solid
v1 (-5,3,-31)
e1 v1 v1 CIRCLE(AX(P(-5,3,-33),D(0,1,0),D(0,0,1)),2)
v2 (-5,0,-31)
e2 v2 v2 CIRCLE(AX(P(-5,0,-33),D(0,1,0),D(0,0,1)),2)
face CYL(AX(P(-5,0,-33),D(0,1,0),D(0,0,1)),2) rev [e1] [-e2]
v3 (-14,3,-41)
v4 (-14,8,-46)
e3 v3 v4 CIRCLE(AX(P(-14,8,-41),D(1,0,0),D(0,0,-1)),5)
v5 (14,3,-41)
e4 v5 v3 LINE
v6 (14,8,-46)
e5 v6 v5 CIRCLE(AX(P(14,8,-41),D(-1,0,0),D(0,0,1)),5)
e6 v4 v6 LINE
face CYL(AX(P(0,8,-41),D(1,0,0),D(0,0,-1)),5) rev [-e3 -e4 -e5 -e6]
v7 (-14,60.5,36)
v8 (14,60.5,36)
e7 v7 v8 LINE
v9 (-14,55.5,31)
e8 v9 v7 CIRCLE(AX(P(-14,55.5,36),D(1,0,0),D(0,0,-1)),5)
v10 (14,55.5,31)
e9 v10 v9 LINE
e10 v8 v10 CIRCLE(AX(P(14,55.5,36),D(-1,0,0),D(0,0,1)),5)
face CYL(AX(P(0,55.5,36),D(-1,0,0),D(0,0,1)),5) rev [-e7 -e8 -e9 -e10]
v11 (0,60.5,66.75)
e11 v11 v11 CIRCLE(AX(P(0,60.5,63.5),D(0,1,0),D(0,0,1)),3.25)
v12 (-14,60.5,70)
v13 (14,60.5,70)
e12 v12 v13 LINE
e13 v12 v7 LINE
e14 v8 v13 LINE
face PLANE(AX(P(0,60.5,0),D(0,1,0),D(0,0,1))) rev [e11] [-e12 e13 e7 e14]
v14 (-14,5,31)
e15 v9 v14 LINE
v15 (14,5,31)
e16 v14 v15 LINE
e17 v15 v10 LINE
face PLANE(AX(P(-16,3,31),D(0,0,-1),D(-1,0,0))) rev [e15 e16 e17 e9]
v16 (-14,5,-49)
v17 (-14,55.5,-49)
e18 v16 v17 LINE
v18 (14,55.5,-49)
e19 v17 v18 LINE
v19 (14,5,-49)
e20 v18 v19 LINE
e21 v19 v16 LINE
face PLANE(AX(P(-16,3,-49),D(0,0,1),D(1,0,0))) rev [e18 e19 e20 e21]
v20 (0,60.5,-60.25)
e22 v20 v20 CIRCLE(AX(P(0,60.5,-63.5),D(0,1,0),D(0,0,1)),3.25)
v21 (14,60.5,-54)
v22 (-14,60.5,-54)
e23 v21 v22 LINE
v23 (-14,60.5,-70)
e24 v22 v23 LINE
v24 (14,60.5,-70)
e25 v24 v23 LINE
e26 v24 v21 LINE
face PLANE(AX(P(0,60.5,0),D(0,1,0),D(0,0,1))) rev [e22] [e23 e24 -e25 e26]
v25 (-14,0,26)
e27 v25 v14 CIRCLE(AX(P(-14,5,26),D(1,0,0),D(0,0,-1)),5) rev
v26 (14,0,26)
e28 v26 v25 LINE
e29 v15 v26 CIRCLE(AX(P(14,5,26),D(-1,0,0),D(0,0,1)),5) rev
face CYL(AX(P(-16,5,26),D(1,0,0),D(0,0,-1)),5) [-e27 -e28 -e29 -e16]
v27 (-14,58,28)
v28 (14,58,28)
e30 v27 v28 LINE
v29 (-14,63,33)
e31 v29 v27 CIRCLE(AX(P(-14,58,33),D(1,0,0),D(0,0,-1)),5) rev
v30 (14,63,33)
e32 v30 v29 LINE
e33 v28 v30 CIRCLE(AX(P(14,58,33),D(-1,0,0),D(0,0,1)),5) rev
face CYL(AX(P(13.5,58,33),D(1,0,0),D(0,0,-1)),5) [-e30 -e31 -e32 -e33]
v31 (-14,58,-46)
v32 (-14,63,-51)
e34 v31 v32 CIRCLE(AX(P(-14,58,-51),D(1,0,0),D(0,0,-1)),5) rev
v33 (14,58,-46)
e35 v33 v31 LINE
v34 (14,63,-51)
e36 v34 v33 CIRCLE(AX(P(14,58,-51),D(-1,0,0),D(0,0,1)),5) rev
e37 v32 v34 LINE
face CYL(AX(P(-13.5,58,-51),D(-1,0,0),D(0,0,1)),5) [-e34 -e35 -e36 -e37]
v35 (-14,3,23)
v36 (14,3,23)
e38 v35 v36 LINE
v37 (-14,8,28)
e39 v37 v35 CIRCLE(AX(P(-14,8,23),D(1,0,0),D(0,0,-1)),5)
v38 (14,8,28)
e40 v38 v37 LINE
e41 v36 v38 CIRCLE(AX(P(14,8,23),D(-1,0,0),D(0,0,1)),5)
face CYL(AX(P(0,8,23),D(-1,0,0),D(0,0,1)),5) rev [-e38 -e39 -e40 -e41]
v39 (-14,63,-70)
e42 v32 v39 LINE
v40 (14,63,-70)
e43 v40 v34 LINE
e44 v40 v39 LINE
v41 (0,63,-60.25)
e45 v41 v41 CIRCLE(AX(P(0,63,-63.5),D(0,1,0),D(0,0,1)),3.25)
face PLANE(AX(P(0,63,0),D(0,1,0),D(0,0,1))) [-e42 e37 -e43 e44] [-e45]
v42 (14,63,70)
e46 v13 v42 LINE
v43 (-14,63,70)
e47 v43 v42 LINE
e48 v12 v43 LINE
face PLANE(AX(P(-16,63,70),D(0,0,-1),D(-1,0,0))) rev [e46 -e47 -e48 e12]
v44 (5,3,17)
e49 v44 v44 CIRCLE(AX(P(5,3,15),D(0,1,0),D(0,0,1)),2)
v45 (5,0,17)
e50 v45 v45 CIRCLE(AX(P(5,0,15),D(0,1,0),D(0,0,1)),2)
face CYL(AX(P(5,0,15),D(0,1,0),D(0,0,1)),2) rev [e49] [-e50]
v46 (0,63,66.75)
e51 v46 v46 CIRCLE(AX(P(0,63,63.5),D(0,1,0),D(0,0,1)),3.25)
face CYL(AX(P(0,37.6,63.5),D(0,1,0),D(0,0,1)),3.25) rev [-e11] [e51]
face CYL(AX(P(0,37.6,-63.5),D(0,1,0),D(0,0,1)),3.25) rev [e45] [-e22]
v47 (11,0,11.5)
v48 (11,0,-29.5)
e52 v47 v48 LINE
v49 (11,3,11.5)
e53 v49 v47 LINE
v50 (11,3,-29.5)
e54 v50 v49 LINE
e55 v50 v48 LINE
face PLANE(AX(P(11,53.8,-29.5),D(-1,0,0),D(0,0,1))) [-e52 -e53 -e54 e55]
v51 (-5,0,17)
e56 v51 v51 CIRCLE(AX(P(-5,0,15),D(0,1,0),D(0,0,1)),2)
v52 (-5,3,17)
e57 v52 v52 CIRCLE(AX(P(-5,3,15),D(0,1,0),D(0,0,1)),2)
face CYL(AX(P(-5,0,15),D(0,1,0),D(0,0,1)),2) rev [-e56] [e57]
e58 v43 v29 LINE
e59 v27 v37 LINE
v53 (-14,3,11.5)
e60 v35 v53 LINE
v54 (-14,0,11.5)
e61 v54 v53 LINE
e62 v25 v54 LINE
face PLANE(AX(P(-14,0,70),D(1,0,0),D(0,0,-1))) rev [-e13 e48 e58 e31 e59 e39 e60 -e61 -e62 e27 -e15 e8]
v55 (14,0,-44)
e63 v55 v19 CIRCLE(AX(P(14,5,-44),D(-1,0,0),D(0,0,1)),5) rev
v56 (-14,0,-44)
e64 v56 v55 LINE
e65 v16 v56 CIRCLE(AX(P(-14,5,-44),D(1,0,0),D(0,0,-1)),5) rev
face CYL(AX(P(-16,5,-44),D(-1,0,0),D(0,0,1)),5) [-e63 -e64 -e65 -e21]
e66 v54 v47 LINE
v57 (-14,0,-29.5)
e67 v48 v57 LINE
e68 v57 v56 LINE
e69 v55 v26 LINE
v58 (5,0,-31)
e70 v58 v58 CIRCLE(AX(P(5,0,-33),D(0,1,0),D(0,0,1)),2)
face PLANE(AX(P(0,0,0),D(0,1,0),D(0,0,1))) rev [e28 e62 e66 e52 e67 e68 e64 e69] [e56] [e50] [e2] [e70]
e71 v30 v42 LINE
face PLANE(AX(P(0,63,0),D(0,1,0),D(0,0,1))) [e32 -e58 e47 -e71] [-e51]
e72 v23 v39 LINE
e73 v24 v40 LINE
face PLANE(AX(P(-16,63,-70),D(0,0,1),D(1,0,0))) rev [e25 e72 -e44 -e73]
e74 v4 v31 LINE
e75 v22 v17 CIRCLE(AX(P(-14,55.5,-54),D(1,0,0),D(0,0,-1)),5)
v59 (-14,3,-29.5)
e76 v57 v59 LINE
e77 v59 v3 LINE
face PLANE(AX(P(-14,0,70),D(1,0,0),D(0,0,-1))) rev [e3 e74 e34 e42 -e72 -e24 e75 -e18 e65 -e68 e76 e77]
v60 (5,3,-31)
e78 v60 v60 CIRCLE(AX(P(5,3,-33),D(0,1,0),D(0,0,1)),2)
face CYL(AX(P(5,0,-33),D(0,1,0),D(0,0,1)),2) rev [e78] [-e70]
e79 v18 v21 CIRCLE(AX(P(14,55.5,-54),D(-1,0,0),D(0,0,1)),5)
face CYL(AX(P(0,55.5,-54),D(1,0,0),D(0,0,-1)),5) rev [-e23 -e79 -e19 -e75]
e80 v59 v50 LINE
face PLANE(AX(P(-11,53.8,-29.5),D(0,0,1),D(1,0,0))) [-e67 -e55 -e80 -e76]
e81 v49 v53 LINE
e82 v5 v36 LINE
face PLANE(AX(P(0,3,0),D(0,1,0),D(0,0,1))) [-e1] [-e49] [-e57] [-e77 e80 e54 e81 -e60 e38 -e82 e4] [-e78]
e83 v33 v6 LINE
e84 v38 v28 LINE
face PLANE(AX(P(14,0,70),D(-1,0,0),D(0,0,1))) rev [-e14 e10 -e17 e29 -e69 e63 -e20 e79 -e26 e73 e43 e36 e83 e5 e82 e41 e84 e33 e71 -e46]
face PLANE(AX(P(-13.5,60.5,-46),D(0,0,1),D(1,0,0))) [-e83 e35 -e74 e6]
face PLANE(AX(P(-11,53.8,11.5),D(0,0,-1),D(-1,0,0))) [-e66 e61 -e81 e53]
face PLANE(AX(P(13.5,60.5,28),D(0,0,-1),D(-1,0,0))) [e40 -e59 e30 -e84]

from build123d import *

# Parameters (mm, degrees)
SKETCH1_W               = 32
SKETCH1_H               = 80
BOSS_EXTRUDE1_DEPTH     = 3
SKETCH4_W               = 32
SKETCH4_H               = 80
SKETCH4_W_2             = 27
SKETCH4_H_2             = 74
BOSS_EXTRUDE2_DEPTH     = 57.5
SKETCH5_W               = 32
SKETCH5_H               = 140
BOSS_EXTRUDE3_DEPTH     = 2.5
CUT_EXTRUDE1_DEPTH      = 50.8
CUT_EXTRUDE1_DEPTH_BACK = 94.573500522
SKETCH2_W               = 22
SKETCH2_H               = 41
SKETCH6_R               = 3.25
SKETCH6_W               = 22
SKETCH6_H               = 74
CUT_EXTRUDE2_DEPTH      = 25.4
CUT_EXTRUDE3_DEPTH      = 100.463561167
CUT_EXTRUDE3_DEPTH_BACK = 100.463561167
SKETCH8_W               = 74
SKETCH8_H               = 60
SKETCH7_R               = 2
CUT_EXTRUDE4_DEPTH      = 94.573500522
SKETCH10_W              = 2
SKETCH10_H              = 140
CUT_EXTRUDE5_DEPTH      = 96.524865873
FILLET1_R               = 5
SKETCH13_W              = 3
SKETCH13_H              = 41
CUT_EXTRUDE7_DEPTH      = 94.252345815


with BuildPart() as part:
    # Sketch1 → Boss-Extrude1 (new body)
    with BuildSketch(Plane(origin=(0, 0, 0), x_dir=(1, 0, 0), z_dir=(0, 1, 0))):
        with Locations((0, 9)):
            Rectangle(SKETCH1_W, SKETCH1_H)
    extrude(amount=BOSS_EXTRUDE1_DEPTH)

    # Sketch4 → Boss-Extrude2 (add)
    with BuildSketch(Plane(origin=(0, 3, 0), x_dir=(1, 0, 0), z_dir=(0, 1, 0))):
        with Locations((0, 9)):
            Rectangle(SKETCH4_W, SKETCH4_H)
        with Locations((0, 9)):
            Rectangle(SKETCH4_W_2, SKETCH4_H_2, mode=Mode.SUBTRACT)
    extrude(amount=BOSS_EXTRUDE2_DEPTH)

    # Sketch5 → Boss-Extrude3 (add)
    with BuildSketch(Plane(origin=(0, 60.5, 0), x_dir=(1, 0, 0), z_dir=(0, 1, 0))):
        Rectangle(SKETCH5_W, SKETCH5_H)
    extrude(amount=BOSS_EXTRUDE3_DEPTH)

    # Sketch2 → Cut-Extrude1 (cut, two sides: drawn at the far end of the back side and taken through both)
    with BuildSketch(Plane(origin=(0, 3, 0), x_dir=(1, 0, 0), z_dir=(0, 1, 0)).offset(-CUT_EXTRUDE1_DEPTH_BACK)):
        with Locations((0, 9)):
            Rectangle(SKETCH2_W, SKETCH2_H)
    extrude(amount=CUT_EXTRUDE1_DEPTH + CUT_EXTRUDE1_DEPTH_BACK, mode=Mode.SUBTRACT)

    # Sketch6 → Cut-Extrude2 (cut)
    with BuildSketch(Plane(origin=(0, 63, 0), x_dir=(1, 0, 0), z_dir=(0, 1, 0))):
        with Locations(Location((0, 63.5, 0), (0, 0, 270))):
            Circle(SKETCH6_R)
        with Locations(Location((0, -63.5, 0), (0, 0, 270))):
            Circle(SKETCH6_R)
        with Locations((0, 9)):
            Rectangle(SKETCH6_W, SKETCH6_H)
    extrude(amount=-CUT_EXTRUDE2_DEPTH, mode=Mode.SUBTRACT)

    # Sketch8 → Cut-Extrude3 (cut, two sides: drawn at the far end of the back side and taken through both)
    with BuildSketch(Plane(origin=(16, 0, 0), x_dir=(0, 0, -1), z_dir=(1, 0, 0)).offset(-CUT_EXTRUDE3_DEPTH_BACK)):
        with Locations((9, 33)):
            Rectangle(SKETCH8_W, SKETCH8_H)
    extrude(amount=CUT_EXTRUDE3_DEPTH + CUT_EXTRUDE3_DEPTH_BACK, mode=Mode.SUBTRACT)

    # Sketch7 → Cut-Extrude4 (cut, through all)
    with BuildSketch(Plane(origin=(0, 3, 0), x_dir=(1, 0, 0), z_dir=(0, 1, 0))):
        with Locations(Location((-5, 33, 0), (0, 0, 270))):
            Circle(SKETCH7_R)
        with Locations(Location((5, 33, 0), (0, 0, 270))):
            Circle(SKETCH7_R)
        with Locations(Location((-5, -15, 0), (0, 0, 270))):
            Circle(SKETCH7_R)
        with Locations(Location((5, -15, 0), (0, 0, 270))):
            Circle(SKETCH7_R)
    extrude(amount=-CUT_EXTRUDE4_DEPTH, mode=Mode.SUBTRACT)

    # Sketch10 → Cut-Extrude5 (cut, through all)
    with BuildSketch(Plane(origin=(0, 63, 0), x_dir=(1, 0, 0), z_dir=(0, 1, 0))):
        with Locations((-15, 0)):
            Rectangle(SKETCH10_W, SKETCH10_H)
        with Locations((15, 0)):
            Rectangle(SKETCH10_W, SKETCH10_H)
    extrude(amount=-CUT_EXTRUDE5_DEPTH, mode=Mode.SUBTRACT)

    # Fillet1
    fillet1_edges = [part.edges().sort_by_distance(p)[0] for p in [
        (0, 63, -46),
        (0, 60.5, 31),
        (0, 60.5, -49),
        (0, 0, -49),
        (0, 0, 31),
        (0, 3, 28),
        (0, 63, 28),
        (0, 3, -46),
    ]]
    fillet(fillet1_edges, radius=FILLET1_R)

    # Sketch13 → Cut-Extrude7 (cut, through all)
    with BuildSketch(Plane(origin=(0, 3, 0), x_dir=(1, 0, 0), z_dir=(0, 1, 0))):
        with Locations((-12.5, 9)):
            Rectangle(SKETCH13_W, SKETCH13_H)
    extrude(amount=-CUT_EXTRUDE7_DEPTH, mode=Mode.SUBTRACT)


solid = part.part
